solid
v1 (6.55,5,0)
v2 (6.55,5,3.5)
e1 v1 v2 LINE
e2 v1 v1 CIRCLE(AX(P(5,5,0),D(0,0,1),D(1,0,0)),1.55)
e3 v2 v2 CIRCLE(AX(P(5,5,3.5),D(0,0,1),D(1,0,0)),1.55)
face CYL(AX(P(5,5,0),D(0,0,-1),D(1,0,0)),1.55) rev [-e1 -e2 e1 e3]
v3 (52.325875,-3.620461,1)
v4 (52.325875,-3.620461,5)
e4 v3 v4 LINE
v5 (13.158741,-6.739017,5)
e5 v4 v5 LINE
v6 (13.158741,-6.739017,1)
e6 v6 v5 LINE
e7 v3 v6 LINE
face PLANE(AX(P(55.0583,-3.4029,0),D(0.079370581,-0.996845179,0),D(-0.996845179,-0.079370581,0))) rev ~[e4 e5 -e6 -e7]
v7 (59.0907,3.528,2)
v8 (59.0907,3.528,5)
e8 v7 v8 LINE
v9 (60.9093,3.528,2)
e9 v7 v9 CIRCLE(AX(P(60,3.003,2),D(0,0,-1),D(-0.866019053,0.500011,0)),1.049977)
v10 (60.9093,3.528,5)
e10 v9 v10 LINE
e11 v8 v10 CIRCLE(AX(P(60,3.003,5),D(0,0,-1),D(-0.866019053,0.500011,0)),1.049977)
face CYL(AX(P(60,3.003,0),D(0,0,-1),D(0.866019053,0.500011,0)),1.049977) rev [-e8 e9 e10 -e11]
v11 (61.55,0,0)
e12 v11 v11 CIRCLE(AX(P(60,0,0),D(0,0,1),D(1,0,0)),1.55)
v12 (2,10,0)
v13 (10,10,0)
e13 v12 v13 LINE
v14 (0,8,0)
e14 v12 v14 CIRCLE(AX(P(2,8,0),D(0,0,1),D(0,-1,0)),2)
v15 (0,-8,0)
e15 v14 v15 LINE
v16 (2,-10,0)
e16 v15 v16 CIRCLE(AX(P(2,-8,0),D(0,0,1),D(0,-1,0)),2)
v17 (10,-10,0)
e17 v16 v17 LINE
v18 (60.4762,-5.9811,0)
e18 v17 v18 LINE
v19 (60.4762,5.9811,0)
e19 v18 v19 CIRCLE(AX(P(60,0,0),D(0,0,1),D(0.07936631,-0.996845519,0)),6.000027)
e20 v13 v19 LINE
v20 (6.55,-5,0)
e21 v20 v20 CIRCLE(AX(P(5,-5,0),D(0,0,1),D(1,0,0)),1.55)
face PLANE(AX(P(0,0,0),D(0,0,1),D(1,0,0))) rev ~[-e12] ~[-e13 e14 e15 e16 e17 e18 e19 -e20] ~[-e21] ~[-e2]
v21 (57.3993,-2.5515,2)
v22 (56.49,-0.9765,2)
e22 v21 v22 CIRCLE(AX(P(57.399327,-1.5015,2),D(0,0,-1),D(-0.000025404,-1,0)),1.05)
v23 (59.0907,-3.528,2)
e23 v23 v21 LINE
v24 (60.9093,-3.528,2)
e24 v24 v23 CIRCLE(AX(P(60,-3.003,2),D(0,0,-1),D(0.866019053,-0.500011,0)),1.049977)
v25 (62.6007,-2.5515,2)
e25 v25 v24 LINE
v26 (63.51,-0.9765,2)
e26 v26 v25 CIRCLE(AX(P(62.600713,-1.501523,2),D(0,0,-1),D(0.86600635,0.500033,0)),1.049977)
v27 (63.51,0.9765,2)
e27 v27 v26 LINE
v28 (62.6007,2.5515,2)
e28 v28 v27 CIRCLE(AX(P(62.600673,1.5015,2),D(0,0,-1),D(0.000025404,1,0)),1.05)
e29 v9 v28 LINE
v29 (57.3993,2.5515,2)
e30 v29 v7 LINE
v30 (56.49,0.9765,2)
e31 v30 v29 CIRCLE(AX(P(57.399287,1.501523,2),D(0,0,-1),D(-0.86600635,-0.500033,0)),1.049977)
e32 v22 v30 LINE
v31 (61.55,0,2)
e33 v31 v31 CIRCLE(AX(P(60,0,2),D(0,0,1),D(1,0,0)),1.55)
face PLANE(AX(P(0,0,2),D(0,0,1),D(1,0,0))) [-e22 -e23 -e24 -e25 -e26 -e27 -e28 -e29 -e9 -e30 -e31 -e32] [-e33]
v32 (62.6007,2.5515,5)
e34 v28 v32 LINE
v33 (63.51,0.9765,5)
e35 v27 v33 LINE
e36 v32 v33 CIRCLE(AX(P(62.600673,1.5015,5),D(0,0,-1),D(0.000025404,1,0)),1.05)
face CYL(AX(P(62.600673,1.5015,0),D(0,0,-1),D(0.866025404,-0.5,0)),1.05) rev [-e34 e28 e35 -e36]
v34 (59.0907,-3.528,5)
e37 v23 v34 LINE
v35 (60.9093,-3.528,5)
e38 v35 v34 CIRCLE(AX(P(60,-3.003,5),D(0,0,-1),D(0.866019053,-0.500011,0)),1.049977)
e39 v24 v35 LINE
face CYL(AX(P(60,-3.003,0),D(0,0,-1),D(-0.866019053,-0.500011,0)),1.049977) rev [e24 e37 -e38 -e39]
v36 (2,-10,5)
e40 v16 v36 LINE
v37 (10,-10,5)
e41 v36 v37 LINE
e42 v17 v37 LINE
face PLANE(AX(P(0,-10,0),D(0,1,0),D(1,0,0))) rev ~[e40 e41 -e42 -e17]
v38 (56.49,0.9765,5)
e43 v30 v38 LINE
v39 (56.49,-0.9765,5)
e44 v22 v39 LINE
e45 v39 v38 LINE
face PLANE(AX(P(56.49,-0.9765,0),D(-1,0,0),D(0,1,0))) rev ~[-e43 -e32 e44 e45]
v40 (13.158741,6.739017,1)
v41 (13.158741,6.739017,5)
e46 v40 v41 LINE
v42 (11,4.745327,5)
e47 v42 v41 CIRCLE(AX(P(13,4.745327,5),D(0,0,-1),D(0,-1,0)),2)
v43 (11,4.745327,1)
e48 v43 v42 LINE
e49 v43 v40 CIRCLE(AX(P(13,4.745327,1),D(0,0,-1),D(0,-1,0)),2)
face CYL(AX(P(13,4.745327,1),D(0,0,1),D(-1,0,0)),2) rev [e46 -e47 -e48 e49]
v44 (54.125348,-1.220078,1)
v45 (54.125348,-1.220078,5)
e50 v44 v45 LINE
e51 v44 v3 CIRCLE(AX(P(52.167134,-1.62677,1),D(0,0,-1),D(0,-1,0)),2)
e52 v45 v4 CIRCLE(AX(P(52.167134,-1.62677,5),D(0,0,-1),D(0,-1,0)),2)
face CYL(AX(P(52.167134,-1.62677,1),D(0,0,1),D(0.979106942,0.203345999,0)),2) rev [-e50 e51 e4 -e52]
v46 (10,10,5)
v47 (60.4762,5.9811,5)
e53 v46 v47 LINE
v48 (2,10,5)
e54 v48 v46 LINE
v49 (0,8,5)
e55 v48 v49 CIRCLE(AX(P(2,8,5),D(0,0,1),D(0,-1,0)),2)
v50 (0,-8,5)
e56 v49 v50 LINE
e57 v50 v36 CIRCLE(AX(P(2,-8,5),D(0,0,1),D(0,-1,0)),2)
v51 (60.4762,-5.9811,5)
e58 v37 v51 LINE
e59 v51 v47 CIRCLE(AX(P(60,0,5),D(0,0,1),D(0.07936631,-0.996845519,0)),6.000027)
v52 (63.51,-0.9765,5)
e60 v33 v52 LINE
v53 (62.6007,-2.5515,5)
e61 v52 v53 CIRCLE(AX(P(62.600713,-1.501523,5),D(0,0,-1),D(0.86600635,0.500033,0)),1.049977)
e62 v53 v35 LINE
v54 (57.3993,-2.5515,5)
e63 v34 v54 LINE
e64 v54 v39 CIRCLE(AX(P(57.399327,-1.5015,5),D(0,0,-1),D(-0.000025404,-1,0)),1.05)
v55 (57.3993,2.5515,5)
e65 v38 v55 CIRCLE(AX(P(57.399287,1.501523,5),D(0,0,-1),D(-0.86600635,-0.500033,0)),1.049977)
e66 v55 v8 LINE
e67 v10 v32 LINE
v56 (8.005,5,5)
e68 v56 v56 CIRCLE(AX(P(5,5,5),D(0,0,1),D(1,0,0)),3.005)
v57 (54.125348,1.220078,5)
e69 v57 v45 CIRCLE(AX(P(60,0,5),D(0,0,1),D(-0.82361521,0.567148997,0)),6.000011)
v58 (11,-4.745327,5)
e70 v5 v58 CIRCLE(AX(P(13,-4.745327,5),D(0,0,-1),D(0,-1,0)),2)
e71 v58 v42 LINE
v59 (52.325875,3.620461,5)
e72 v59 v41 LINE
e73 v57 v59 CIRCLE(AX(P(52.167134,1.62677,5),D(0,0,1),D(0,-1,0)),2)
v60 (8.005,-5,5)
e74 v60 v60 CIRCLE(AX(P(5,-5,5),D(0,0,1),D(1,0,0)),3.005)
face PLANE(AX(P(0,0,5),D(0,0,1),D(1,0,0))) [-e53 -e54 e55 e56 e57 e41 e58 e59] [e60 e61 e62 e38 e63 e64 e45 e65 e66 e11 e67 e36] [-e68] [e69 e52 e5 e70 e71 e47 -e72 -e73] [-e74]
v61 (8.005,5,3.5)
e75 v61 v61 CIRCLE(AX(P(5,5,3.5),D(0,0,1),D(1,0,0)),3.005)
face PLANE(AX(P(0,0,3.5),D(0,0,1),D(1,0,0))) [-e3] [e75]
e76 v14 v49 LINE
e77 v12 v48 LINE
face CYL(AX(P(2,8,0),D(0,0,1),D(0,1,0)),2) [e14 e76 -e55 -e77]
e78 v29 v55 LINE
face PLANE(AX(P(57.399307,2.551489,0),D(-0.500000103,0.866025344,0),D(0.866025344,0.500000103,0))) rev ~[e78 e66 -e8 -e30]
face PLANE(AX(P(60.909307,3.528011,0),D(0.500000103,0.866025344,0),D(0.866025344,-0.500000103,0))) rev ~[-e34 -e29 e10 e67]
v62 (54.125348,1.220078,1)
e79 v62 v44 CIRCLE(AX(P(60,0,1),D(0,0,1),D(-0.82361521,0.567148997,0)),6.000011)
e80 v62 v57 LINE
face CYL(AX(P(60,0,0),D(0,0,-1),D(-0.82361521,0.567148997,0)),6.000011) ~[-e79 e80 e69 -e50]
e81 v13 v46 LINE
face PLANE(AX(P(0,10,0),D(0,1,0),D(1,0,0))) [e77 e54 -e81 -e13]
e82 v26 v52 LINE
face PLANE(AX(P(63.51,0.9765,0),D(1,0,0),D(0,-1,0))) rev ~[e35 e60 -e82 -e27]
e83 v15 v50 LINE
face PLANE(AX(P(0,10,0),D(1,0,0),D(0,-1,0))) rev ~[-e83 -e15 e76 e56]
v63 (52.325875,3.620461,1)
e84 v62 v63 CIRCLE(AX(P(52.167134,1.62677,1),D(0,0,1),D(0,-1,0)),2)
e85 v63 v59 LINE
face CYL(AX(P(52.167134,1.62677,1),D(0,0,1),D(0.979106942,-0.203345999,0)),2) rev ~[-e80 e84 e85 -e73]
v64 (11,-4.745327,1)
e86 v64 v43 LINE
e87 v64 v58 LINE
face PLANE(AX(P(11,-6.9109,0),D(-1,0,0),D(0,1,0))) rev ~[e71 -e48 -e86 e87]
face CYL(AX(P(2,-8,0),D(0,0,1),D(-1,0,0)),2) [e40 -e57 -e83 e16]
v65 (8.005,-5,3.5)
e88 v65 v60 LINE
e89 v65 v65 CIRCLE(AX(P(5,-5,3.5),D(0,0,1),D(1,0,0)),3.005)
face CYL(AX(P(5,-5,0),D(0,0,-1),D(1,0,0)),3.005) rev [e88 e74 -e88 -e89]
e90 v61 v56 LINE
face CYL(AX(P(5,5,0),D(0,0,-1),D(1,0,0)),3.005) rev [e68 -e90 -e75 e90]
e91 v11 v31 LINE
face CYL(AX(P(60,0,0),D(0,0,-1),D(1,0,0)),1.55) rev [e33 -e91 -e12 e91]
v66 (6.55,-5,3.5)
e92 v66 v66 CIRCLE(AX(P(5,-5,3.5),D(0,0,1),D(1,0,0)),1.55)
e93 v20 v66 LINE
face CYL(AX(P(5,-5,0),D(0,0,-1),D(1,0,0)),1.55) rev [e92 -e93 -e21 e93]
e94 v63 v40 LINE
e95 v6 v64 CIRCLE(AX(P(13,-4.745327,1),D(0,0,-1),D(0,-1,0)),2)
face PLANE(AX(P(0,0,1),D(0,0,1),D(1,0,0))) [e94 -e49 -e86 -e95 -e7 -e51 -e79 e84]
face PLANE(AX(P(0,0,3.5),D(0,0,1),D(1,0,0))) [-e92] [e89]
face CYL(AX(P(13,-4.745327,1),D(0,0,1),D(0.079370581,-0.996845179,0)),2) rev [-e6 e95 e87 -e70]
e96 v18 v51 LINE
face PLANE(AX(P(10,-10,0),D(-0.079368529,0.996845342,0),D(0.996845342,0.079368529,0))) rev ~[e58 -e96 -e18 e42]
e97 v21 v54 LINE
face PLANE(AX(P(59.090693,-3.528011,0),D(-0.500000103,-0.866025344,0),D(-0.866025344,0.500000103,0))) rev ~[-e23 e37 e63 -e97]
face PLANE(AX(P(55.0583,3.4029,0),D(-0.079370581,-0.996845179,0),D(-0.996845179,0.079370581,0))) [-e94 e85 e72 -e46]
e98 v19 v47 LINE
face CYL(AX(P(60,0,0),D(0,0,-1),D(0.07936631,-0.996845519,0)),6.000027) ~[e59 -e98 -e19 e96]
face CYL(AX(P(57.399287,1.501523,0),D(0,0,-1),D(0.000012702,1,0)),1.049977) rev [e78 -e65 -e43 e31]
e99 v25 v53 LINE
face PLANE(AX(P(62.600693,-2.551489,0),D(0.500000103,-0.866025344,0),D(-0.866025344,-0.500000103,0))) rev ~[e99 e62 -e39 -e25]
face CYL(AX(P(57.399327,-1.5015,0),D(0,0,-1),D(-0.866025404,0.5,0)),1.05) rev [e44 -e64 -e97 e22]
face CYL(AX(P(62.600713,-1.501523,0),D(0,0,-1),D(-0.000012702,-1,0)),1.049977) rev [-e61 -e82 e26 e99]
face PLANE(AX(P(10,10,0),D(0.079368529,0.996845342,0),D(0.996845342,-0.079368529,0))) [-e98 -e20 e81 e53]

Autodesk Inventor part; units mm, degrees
ref_plane "YZ Plane" through (0, 0, 0) normal (1, 0, 0) x (0, 1, 0)
ref_plane "XZ Plane" through (0, 0, 0) normal (0, 1, 0) x (-1, 0, 0)
ref_plane "XY Plane" through (0, 0, 0) normal (0, 0, 1) x (1, 0, 0)
sketch "スケッチ1" plane through (0, 0, 0) normal (0, 0, 1) x (1, 0, 0)
  circle A0 centre (5, 5) radius 1.55
  circle A1 centre (5, -5) radius 1.55
  line L0 (0, 0) -> (60, 0) construction
  circle A2 centre (60, 0) radius 1.55
  line L1 (0, 10) -> (0, -10)
  line L2 (0, -10) -> (10, -10)
  line L3 (10, -10) -> (60.4762, -5.9811)
  line L4 (10, 10) -> (60.4762, 5.9811)
  arc A3 (60.4762, -5.9811) -> (60.4762, 5.9811) centre (60, 0) ccw
  line L5 (55.0583, -3.4029) -> (11, -6.9109)
  line L6 (55.0583, 3.4029) -> (11, 6.9109)
  arc A4 (55.0583, 3.4029) -> (55.0583, -3.4029) centre (60, 0) ccw
  line L7 (11, -6.9109) -> (11, 6.9109)
  line L8 (5, -5) -> (5, 5) construction
  line L9 (0, 10) -> (10, 10)
  line L10 (8.01, 6.7378) -> (8.01, 3.2622) construction
  line L11 (8.01, 3.2622) -> (5, 1.5244) construction
  line L12 (5, 1.5244) -> (1.99, 3.2622) construction
  line L13 (1.99, 3.2622) -> (1.99, 6.7378) construction
  line L14 (1.99, 6.7378) -> (5, 8.4756) construction
  line L15 (5, 8.4756) -> (8.01, 6.7378) construction
  arc A5 (4.0907, 2.0494) -> (5.9093, 2.0494) centre (5, 2.5744) ccw construction
  arc A6 (7.1007, 2.7372) -> (8.01, 4.3122) centre (7.1007, 3.7872) ccw construction
  arc A7 (8.01, 5.6878) -> (7.1007, 7.2628) centre (7.1007, 6.2128) ccw construction
  arc A8 (5.9093, 7.9506) -> (4.0907, 7.9506) centre (5, 7.4256) ccw construction
  arc A9 (2.8993, 7.2628) -> (1.99, 5.6878) centre (2.8993, 6.2128) ccw construction
  arc A10 (1.99, 4.3122) -> (2.8993, 2.7372) centre (2.8993, 3.7872) ccw construction
  line L16 (8.01, -6.7378) -> (8.01, -3.2622) construction
  line L17 (8.01, -3.2622) -> (5, -1.5244) construction
  line L18 (5, -1.5244) -> (1.99, -3.2622) construction
  line L19 (1.99, -3.2622) -> (1.99, -6.7378) construction
  line L20 (1.99, -6.7378) -> (5, -8.4756) construction
  line L21 (5, -8.4756) -> (8.01, -6.7378) construction
  arc A11 (5.9093, -2.0494) -> (4.0907, -2.0494) centre (5, -2.5744) ccw construction
  arc A12 (8.01, -4.3122) -> (7.1007, -2.7372) centre (7.1007, -3.7872) ccw construction
  arc A13 (7.1007, -7.2628) -> (8.01, -5.6878) centre (7.1007, -6.2128) ccw construction
  arc A14 (4.0907, -7.9506) -> (5.9093, -7.9506) centre (5, -7.4256) ccw construction
  arc A15 (1.99, -5.6878) -> (2.8993, -7.2628) centre (2.8993, -6.2128) ccw construction
  arc A16 (2.8993, -2.7372) -> (1.99, -4.3122) centre (2.8993, -3.7872) ccw construction
  circle A17 centre (60, 0) radius 1.55
  line L22 (63.51, 2.0265) -> (63.51, -2.0265)
  line L23 (63.51, -2.0265) -> (60, -4.053)
  line L24 (60, -4.053) -> (56.49, -2.0265)
  line L25 (56.49, -2.0265) -> (56.49, 2.0265)
  line L26 (56.49, 2.0265) -> (60, 4.053)
  line L27 (60, 4.053) -> (63.51, 2.0265)
  arc A18 (59.0907, -3.528) -> (60.9093, -3.528) centre (60, -3.003) ccw
  arc A19 (62.6007, -2.5515) -> (63.51, -0.9765) centre (62.6007, -1.5015) ccw
  arc A20 (63.51, 0.9765) -> (62.6007, 2.5515) centre (62.6007, 1.5015) ccw
  arc A21 (60.9093, 3.528) -> (59.0907, 3.528) centre (60, 3.003) ccw
  arc A22 (57.3993, 2.5515) -> (56.49, 0.9765) centre (57.3993, 1.5015) ccw
  arc A23 (56.49, -0.9765) -> (57.3993, -2.5515) centre (57.3993, -1.5015) ccw
  line L28 (60, 4.053) -> (60, -4.053) construction
  circle A24 centre (5, 5) radius 3.005
  circle A25 centre (5, -5) radius 3.005
  point P0 (5, 0)
  point P1 (8.01, 3.2622)
  point P2 (8.01, 6.7378)
  point P3 (5, 8.4756)
  point P4 (1.99, 6.7378)
  point P5 (2.8993, 2.7372)
  point P6 (1.99, 4.3122)
  point P7 (1.99, 5.6878)
  point P8 (2.8993, 7.2628)
  point P9 (4.0907, 7.9506)
  point P10 (5.9093, 7.9506)
  point P11 (7.1007, 7.2628)
  point P12 (8.01, 5.6878)
  point P13 (8.01, 4.3122)
  point P14 (7.1007, 2.7372)
  point P15 (7.1007, -2.7372)
  point P16 (8.01, -4.3122)
  point P17 (8.01, -5.6878)
  point P18 (7.1007, -7.2628)
  point P19 (5.9093, -7.9506)
  point P20 (4.0907, -7.9506)
  point P21 (2.8993, -7.2628)
  point P22 (1.99, -5.6878)
  point P23 (1.99, -4.3122)
  point P24 (2.8993, -2.7372)
  point P25 (1.99, -6.7378)
  point P26 (5, -8.4756)
  point P27 (56.49, 2.0265)
  point P28 (56.49, -2.0265)
  point P29 (62.6007, -2.5515)
  point P30 (57.3993, -2.5515)
  point P31 (56.49, -0.9765)
  point P32 (56.49, 0.9765)
  point P33 (57.3993, 2.5515)
  point P34 (59.0907, 3.528)
  point P35 (60.9093, 3.528)
  point P36 (62.6007, 2.5515)
  point P37 (63.51, 0.9765)
  point P38 (63.51, -0.9765)
  dimension "d0" = 10
  dimension "d1" = 3.1
  dimension "d2" = 3.1
  dimension "d3" = 60
  dimension "d4" = 6
  dimension "d33" = 3
  dimension "d34" = 6
  dimension "d35" = 6
  dimension "d40" = 20
  dimension "d41" = 5
  dimension "d42" = 10
  dimension "d43" = 6.02
  dimension "d44" = 2.1
  dimension "d47" = 360
  dimension "d57" = 3.1
  dimension "d58" = 7.02
  dimension "d59" = 2.1
  dimension "d60" = 360
  dimension "d62" = 6.01
extrude "押し出し1" add sketch "スケッチ1" along normal blind 5 contours L9 L4 A3 L3 L2 L1
extrude "押し出し5" add sketch "スケッチ1" along normal blind 3.5 contours A24 | A25
extrude "押し出し6" add sketch "スケッチ1" along normal blind 2 contours A20 L22 | L22 L23 L24 L25 L26 L27 | L27 A20 | A19 L22 | L27 A21 | A19 L23 | L26 A21 | A18 L23 | L26 A22 | A18 L24 | L25 A22 | A23 L24 | L25 A23
extrude "押し出し7" add sketch "スケッチ1" along normal blind 1 contours L5 L7 L6 A4
fillet "フィレット2" radius 2 6 edges at (11, 6.9109, 3) (11, -6.9109, 3) (55.0583, 3.4029, 3) (55.0583, -3.4029, 3) (0, -10, 2.5) (0, 10, 2.5)
properties part number "Trunk_handle_frame" material "アセタール樹脂、黒"
